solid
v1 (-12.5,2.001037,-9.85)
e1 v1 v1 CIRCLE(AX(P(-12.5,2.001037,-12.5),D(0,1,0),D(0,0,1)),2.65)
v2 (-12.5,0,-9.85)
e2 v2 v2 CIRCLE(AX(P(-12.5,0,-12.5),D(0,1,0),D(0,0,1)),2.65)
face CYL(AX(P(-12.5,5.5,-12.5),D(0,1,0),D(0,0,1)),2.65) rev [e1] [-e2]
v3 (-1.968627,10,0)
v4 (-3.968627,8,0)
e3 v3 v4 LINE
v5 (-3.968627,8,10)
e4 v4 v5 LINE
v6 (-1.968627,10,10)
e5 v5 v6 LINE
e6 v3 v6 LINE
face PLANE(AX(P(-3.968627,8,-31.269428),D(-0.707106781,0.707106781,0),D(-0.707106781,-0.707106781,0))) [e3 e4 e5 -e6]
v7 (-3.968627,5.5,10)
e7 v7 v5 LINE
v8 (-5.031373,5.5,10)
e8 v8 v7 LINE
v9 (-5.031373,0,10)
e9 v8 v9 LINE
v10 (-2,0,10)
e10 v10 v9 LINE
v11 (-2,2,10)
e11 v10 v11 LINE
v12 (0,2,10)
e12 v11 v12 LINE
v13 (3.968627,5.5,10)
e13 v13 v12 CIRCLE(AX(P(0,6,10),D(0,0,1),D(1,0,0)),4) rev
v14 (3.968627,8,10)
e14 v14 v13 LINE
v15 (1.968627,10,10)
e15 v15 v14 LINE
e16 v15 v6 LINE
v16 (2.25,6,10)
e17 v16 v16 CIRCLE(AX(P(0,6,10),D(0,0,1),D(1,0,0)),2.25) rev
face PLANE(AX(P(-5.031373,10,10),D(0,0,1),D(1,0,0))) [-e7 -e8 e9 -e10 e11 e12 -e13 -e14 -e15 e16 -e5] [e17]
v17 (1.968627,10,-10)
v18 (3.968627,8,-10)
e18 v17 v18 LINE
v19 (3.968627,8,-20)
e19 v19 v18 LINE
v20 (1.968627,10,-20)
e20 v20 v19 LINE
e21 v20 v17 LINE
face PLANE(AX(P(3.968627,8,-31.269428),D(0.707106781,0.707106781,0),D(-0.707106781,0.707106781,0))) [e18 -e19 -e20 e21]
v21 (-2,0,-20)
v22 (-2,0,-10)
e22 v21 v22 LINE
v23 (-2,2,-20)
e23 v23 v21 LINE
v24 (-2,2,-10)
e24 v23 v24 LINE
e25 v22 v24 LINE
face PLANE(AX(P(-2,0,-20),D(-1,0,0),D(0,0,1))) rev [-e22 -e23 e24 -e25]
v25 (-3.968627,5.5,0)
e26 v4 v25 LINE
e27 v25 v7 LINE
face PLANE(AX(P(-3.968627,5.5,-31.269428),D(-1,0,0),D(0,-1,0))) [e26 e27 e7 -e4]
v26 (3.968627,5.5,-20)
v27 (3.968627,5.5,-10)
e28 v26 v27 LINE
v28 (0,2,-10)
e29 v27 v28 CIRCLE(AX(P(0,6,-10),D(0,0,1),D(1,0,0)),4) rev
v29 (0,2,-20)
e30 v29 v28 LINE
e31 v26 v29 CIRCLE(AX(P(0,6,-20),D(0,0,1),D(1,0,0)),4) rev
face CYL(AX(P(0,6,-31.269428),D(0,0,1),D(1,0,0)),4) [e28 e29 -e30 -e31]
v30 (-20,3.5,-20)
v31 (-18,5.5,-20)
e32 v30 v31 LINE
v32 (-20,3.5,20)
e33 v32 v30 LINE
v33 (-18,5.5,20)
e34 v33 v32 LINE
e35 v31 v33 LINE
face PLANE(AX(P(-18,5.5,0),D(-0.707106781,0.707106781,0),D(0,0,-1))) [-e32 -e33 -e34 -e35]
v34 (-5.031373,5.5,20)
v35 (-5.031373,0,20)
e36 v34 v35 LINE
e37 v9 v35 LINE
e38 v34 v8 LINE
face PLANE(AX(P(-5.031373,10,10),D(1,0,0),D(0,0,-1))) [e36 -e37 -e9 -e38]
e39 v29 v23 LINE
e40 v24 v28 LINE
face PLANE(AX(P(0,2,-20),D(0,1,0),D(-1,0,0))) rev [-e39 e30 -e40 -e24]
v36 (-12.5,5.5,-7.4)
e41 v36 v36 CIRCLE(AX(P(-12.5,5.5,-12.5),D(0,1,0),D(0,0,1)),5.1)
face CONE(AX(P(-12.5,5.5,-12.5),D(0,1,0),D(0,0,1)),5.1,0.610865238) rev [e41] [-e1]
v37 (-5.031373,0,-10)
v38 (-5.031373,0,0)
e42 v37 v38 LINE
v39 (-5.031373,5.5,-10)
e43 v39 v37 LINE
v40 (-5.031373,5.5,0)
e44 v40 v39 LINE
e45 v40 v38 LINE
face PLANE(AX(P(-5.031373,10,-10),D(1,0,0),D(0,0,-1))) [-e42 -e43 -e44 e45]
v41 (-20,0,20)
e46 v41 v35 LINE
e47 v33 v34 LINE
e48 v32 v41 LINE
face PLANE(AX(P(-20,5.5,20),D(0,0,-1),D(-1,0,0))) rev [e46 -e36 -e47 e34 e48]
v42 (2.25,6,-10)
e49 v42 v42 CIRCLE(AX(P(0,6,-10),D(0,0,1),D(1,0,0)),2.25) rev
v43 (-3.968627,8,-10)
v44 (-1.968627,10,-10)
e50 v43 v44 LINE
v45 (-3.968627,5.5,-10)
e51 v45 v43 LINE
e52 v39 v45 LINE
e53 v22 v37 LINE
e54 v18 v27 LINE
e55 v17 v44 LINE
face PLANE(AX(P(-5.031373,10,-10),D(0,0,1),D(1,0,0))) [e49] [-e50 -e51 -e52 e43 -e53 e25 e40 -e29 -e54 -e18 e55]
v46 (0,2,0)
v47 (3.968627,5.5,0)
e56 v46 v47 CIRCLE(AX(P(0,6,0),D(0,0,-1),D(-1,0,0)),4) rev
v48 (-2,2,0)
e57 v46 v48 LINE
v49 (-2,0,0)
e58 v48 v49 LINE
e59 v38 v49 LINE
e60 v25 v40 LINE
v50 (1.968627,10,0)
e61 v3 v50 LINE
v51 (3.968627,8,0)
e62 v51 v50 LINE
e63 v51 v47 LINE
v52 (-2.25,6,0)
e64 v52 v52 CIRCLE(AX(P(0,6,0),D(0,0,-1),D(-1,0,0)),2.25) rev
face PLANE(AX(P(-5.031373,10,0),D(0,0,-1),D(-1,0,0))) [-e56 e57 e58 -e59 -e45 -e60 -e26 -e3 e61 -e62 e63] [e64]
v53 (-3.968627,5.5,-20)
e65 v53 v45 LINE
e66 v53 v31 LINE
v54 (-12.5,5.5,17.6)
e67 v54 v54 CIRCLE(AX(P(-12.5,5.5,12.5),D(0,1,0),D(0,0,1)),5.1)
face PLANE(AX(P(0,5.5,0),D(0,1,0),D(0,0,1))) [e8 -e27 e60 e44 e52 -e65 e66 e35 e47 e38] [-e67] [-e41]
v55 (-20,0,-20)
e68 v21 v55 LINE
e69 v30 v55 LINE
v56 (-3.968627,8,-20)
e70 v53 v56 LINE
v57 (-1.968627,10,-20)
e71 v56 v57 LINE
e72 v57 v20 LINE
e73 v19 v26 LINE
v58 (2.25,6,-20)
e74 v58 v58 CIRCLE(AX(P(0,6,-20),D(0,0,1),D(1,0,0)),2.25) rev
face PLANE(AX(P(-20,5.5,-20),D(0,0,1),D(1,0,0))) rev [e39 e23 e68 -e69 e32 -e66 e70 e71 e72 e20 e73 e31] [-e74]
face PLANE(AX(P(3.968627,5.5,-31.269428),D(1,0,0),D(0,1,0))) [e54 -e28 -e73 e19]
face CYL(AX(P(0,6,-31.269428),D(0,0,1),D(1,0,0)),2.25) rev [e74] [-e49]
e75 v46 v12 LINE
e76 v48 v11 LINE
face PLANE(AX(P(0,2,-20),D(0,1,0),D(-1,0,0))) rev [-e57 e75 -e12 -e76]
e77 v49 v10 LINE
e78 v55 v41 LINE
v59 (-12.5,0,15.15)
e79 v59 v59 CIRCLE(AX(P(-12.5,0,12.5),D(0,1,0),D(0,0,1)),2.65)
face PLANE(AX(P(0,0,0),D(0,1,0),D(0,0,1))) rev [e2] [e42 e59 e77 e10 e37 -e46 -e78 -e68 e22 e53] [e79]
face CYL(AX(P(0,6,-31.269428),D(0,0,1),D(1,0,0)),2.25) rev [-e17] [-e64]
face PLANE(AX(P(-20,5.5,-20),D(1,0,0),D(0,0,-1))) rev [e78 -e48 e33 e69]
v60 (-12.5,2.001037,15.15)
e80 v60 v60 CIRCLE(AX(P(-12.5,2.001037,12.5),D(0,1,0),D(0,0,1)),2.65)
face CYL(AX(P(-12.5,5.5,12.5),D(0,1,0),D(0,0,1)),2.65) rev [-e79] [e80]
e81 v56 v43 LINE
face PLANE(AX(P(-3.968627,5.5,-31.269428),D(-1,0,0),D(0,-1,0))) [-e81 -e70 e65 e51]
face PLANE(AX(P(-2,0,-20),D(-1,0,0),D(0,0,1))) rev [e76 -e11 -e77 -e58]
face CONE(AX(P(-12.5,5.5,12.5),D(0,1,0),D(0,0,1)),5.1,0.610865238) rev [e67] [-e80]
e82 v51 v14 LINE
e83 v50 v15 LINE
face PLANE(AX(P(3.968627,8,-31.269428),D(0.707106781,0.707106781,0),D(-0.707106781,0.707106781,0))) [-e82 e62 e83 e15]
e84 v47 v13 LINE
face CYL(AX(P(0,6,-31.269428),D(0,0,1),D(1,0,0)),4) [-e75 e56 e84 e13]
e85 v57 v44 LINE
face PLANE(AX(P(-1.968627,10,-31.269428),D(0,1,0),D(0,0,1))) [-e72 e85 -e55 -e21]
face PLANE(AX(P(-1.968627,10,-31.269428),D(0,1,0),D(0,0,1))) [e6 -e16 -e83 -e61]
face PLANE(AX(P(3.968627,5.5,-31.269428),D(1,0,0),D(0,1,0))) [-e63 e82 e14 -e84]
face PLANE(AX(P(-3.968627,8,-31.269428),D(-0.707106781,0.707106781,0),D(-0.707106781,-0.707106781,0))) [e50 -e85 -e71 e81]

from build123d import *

# Parameters (mm, degrees)
SKETCH_1_W                   = 20
SKETCH_1_H                   = 40
EXTRUDE_1_DEPTH              = 5.5
SKETCH_2_W                   = 2
SKETCH_2_H                   = 2
CUT_EXTRUDE_1_DEPTH          = 46.058295574
SKETCH_3_R                   = 2.25
EXTRUDE_2_DEPTH              = 40
SKETCH_3_2_R                 = 2.25
CUT_EXTRUDE_2_DEPTH          = 46.82575695
CHAMFER_1_SIZE               = 2
SKETCH_4_W                   = 9
SKETCH_4_H                   = 10
CUT_EXTRUDE_3_DEPTH          = 31
HOLE_WIZARD_M5_3_D           = 5.3
HOLE_WIZARD_M5_3_DEPTH       = 6
HOLE_WIZARD_M5_3_CSINK_D     = 10.2
HOLE_WIZARD_M5_3_CSINK_ANGLE = 70
HOLE_WIZARD_M5_3_TIP         = 1.59228064


with BuildPart() as part:
    # 草图1 → 凸台-拉伸1 (new body)
    with BuildSketch(Plane(origin=(0, 0, 0), x_dir=(1, 0, 0), z_dir=(0, 1, 0))):
        with Locations((-10, 0)):
            Rectangle(SKETCH_1_W, SKETCH_1_H)
    extrude(amount=EXTRUDE_1_DEPTH)

    # 草图2 → 切除-拉伸1 (cut, through all)
    with BuildSketch(Plane.XY.offset(20)):
        with Locations((-1, 1)):
            Rectangle(SKETCH_2_W, SKETCH_2_H)
    extrude(amount=-CUT_EXTRUDE_1_DEPTH, mode=Mode.SUBTRACT)

    # 草图3 → 凸台-拉伸2 (add)
    with BuildSketch(Plane.XY.offset(20)):
        with BuildLine():
            Line((-1.968626967, 10), (1.968626967, 10))
            Line((1.968626967, 10), (3.968626967, 8))
            Line((3.968626967, 8), (3.968626967, 5.5))
            ThreePointArc((3.968626967, 5.5), (0, 2), (-3.968626967, 5.5))
            Line((-3.968626967, 5.5), (-3.968626967, 8))
            Line((-3.968626967, 8), (-1.968626967, 10))
        make_face()
        with Locations((0, 6)):
            Circle(SKETCH_3_R, mode=Mode.SUBTRACT)
    extrude(amount=-EXTRUDE_2_DEPTH)

    # 草图3<2> → 切除-拉伸2 (cut, through all)
    with BuildSketch(Plane.XY.offset(20)):
        with Locations((0, 6)):
            Circle(SKETCH_3_2_R)
    extrude(amount=-CUT_EXTRUDE_2_DEPTH, mode=Mode.SUBTRACT)

    # 倒角1
    chamfer_1_edges = [part.edges().sort_by_distance(p)[0] for p in [
        (-20, 5.5, 0),
    ]]
    chamfer(chamfer_1_edges, length=CHAMFER_1_SIZE)

    # 草图4 → 切除-拉伸3 (cut, through all)
    with BuildSketch(Plane(origin=(0, 0, 0), x_dir=(1, 0, 0), z_dir=(0, 1, 0))):
        with Locations((-0.531373033, 5)):
            Rectangle(SKETCH_4_W, SKETCH_4_H)
        with Locations((-0.531373033, -15)):
            Rectangle(SKETCH_4_W, SKETCH_4_H)
    extrude(amount=CUT_EXTRUDE_3_DEPTH, mode=Mode.SUBTRACT)

    # M5 十字切槽平头螺钉锥孔槽口3
    with Locations(Plane(origin=(0, 5.5, 0), x_dir=(1, 0, 0), z_dir=(0, 1, 0))):
        with Locations((-12.5, 12.5), (-12.5, -12.5)):
            CounterSinkHole(HOLE_WIZARD_M5_3_D / 2, HOLE_WIZARD_M5_3_CSINK_D / 2, depth=HOLE_WIZARD_M5_3_DEPTH, counter_sink_angle=HOLE_WIZARD_M5_3_CSINK_ANGLE)
            with Locations((0, 0, -(HOLE_WIZARD_M5_3_DEPTH + HOLE_WIZARD_M5_3_TIP / 2))):  # 118° drill point
                Cone(0, HOLE_WIZARD_M5_3_D / 2, HOLE_WIZARD_M5_3_TIP, mode=Mode.SUBTRACT)


solid = part.part
